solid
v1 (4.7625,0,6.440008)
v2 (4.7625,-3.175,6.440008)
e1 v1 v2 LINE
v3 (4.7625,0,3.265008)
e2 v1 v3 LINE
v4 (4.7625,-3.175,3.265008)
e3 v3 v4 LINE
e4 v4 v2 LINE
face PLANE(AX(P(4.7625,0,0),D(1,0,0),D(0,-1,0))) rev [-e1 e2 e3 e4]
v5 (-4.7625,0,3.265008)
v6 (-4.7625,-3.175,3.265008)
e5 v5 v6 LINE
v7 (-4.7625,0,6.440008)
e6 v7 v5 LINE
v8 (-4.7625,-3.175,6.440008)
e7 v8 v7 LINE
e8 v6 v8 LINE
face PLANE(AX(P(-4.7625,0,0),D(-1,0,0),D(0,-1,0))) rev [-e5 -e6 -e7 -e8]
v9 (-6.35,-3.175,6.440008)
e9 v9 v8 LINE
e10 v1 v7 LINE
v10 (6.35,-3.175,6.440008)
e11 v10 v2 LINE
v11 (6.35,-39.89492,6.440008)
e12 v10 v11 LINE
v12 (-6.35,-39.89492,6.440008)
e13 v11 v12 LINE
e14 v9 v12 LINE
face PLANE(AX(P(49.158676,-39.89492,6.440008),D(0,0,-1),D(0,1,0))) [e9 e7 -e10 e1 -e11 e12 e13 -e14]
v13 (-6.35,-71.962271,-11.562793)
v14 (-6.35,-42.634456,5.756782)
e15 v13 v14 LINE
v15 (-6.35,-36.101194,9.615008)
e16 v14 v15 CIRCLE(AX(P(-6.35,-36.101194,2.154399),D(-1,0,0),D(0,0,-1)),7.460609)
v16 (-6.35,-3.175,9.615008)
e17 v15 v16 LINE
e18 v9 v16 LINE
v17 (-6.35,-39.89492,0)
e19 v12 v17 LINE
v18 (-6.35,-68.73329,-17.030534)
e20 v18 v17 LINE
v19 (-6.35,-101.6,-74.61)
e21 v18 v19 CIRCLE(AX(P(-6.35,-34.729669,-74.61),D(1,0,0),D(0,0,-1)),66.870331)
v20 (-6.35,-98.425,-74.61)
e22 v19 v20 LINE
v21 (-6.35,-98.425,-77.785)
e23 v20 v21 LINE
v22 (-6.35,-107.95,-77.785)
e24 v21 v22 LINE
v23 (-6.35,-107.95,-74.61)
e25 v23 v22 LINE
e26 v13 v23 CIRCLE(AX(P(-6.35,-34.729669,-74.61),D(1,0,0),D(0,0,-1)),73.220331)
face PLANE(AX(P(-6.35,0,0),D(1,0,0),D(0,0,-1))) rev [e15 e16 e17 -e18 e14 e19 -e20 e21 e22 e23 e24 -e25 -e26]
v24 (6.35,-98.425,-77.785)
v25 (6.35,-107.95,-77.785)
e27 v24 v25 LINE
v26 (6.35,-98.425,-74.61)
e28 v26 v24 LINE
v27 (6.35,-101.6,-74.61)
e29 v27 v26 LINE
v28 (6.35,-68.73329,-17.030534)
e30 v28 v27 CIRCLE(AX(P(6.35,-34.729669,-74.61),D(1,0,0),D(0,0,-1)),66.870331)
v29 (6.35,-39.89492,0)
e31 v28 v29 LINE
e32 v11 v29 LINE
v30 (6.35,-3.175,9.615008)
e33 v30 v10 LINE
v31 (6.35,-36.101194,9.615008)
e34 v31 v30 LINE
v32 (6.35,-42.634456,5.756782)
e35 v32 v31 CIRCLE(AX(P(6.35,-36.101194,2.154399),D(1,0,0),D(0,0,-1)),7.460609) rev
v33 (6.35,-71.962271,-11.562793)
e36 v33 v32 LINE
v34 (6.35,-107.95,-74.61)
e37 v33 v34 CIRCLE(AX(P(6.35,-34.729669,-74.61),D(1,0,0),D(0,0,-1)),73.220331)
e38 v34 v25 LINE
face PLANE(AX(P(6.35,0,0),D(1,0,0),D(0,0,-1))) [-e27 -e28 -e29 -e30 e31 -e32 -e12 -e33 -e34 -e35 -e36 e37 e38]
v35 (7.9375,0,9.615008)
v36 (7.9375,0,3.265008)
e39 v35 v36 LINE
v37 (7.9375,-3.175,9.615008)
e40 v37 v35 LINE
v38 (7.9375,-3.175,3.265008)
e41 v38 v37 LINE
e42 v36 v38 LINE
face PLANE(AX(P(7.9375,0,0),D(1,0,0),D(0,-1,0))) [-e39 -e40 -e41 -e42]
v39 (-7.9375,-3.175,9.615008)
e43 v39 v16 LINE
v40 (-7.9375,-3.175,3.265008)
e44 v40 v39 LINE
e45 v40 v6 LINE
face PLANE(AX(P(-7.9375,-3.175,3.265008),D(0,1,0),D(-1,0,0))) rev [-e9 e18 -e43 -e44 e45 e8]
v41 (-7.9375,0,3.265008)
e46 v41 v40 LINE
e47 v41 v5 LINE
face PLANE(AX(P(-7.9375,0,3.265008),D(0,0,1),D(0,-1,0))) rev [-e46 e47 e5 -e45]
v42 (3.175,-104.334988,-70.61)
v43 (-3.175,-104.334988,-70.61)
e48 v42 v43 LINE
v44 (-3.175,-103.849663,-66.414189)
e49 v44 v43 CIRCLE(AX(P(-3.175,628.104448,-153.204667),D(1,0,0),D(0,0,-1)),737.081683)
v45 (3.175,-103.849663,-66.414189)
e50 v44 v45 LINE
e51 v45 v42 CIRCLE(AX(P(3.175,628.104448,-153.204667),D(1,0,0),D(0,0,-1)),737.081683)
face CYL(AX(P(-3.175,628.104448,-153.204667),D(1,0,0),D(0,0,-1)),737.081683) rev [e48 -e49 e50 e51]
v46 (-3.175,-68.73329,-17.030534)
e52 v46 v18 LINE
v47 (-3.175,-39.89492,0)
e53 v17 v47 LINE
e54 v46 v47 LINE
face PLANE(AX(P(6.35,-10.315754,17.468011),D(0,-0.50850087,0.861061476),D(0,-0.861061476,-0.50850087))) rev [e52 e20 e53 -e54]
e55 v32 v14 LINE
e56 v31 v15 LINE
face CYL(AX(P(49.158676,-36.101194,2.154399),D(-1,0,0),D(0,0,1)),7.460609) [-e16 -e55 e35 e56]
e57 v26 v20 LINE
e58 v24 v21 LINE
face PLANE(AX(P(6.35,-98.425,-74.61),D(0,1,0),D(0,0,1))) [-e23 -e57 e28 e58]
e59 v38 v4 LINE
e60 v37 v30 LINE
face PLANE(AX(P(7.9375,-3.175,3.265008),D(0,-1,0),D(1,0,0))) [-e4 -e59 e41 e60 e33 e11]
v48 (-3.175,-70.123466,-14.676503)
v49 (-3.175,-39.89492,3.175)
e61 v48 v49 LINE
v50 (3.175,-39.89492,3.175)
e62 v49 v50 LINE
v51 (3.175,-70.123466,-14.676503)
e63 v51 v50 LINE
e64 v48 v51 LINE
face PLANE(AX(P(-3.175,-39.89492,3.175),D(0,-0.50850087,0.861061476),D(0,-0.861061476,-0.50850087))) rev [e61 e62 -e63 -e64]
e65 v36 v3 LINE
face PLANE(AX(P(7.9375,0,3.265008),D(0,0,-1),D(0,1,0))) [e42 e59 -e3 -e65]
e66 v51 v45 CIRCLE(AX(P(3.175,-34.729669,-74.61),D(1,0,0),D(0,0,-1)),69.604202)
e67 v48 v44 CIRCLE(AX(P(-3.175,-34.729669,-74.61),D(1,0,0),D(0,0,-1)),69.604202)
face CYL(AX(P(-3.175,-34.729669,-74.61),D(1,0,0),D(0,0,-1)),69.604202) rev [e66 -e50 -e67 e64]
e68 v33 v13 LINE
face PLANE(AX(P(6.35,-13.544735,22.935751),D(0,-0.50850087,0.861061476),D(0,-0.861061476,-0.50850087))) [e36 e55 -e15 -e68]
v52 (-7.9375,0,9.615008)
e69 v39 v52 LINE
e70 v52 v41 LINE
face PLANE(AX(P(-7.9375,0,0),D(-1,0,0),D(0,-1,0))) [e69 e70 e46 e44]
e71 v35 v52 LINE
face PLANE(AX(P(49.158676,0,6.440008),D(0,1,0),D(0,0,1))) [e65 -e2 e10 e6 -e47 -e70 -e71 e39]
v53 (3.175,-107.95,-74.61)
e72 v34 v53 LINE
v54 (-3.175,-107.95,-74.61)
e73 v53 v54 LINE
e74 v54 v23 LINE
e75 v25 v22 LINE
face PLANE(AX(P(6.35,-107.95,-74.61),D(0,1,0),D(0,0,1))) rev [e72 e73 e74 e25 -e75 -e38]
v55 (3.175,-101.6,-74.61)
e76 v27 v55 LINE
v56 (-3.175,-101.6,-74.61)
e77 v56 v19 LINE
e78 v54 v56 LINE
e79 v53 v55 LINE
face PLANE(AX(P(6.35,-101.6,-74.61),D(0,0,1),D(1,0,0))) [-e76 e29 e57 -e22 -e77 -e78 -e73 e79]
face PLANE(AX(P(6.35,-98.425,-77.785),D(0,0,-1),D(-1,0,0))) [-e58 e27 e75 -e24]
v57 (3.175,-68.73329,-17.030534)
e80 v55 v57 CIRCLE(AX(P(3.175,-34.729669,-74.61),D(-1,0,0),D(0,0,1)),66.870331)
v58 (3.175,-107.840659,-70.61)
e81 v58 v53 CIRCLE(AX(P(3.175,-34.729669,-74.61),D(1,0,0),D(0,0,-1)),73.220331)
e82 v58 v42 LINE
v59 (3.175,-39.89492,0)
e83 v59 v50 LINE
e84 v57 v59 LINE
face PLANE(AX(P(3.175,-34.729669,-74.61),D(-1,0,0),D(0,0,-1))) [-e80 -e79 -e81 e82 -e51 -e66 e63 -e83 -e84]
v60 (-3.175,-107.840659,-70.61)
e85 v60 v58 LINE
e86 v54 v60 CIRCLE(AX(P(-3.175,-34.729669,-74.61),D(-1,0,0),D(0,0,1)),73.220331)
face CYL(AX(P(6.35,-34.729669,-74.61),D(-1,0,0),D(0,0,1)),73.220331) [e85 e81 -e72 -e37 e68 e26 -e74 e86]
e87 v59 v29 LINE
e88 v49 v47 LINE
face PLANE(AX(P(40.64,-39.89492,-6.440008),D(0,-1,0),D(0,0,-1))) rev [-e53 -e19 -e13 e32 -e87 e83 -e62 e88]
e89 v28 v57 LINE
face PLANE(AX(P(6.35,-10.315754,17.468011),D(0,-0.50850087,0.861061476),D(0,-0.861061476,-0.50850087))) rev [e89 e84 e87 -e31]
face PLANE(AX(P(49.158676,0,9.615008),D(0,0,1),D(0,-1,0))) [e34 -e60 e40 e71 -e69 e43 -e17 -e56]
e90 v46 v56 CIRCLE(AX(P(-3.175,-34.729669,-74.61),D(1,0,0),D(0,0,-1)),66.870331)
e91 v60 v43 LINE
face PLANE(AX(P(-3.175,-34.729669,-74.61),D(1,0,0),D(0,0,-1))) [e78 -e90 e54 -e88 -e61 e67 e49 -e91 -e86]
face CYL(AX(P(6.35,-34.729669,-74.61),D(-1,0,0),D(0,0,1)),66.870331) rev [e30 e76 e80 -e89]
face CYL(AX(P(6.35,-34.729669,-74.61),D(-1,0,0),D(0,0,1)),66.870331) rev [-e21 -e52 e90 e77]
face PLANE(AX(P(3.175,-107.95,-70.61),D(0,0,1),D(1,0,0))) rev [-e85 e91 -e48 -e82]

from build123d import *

# Parameters (mm, degrees)
SKETCH5_W           = 12.880016042
SKETCH5_H           = 15.834691301
CUT_EXTRUDE2_DEPTH  = 7.62
CUT_EXTRUDE6_REACH  = 62
SKETCH11_W          = 3.175
SKETCH11_H          = 3.175
BOSS_EXTRUDE1_DEPTH = 6.35
CUT_EXTRUDE4_DEPTH  = 3.175
CUT_EXTRUDE7_DEPTH  = 40.64
BOSS_EXTRUDE3_DEPTH = 12.7
SKETCH19_W          = 21.319602533
SKETCH19_H          = 36.10119369
CUT_EXTRUDE10_DEPTH = 13.7
SKETCH15_W          = 6.35
SKETCH15_H          = 3.175
BOSS_EXTRUDE2_DEPTH = 1.5875
SKETCH20_W          = 6.35
SKETCH20_H          = 4
CUT_EXTRUDE11_DEPTH = 108.95


with BuildPart() as part:
    # Sketch2 → Revolve1 (revolve)
    with BuildSketch(Plane(origin=(0, 0, 0), x_dir=(0, 0, -1), z_dir=(1, 0, 0))):
        Polygon((0, -50.8), (-29.999999944, 0), (0, 0), align=None)
    revolve(axis=Axis((0, 0, 0), (0, -1, 0)))

    # Sketch4 → Cut-Revolve1 (revolve, cut)
    with BuildSketch(Plane(origin=(0, 0, 0), x_dir=(0, 0, -1), z_dir=(1, 0, 0))):
        Polygon((0, -45.72), (-24.919999944, 0), (0, 0), align=None)
    revolve(axis=Axis((0, 16.11457811, 0), (0, -1, 0)), mode=Mode.SUBTRACT)

    # Sketch5 → Cut-Extrude2 (cut, symmetric)
    with BuildSketch(Plane(origin=(0, 0, 0), x_dir=(0, 0, -1), z_dir=(1, 0, 0))):
        with Locations((0, -47.812265381)):
            Rectangle(SKETCH5_W, SKETCH5_H)
    extrude(amount=CUT_EXTRUDE2_DEPTH, both=True, mode=Mode.SUBTRACT)

    # Sketch11 → Cut-Extrude6 (cut, up to next)
    with BuildSketch(Plane.XY.offset(29.999999944), mode=Mode.PRIVATE) as cut_extrude6_sk1:
        with Locations((4.7625, -1.5875)):
            Rectangle(SKETCH11_W, SKETCH11_H)
    cut_extrude6_tool1 = extrude(cut_extrude6_sk1.sketch, amount=-CUT_EXTRUDE6_REACH, mode=Mode.PRIVATE) & part.part
    add(cut_extrude6_tool1.solids().sort_by_distance((4.7625, -1.5875, 30))[0], mode=Mode.SUBTRACT)
    # Sketch11 → Cut-Extrude6 (cut, up to next)
    with BuildSketch(Plane.XY.offset(29.999999944), mode=Mode.PRIVATE) as cut_extrude6_sk2:
        with Locations((-4.7625, -1.5875)):
            Rectangle(SKETCH11_W, SKETCH11_H)
    cut_extrude6_tool2 = extrude(cut_extrude6_sk2.sketch, amount=-CUT_EXTRUDE6_REACH, mode=Mode.PRIVATE) & part.part
    add(cut_extrude6_tool2.solids().sort_by_distance((-4.7625, -1.5875, 30))[0], mode=Mode.SUBTRACT)

    # Sketch6 → Boss-Extrude1 (add, symmetric)
    with BuildSketch(Plane(origin=(0, 0, 0), x_dir=(0, 0, -1), z_dir=(1, 0, 0))):
        with BuildLine():
            Line((0, -39.89491973), (-7.374618631, -39.89491973))
            Line((-7.374618631, -39.89491973), (11.56279342, -71.962270863))
            ThreePointArc((11.56279342, -71.962270863), (29.890602823, -92.707185326), (54.61, -105.165575141))
            ThreePointArc((54.61, -105.165575141), (64.513552335, -107.250553005), (74.61, -107.95))
            Line((74.61, -107.95), (77.785, -107.95))
            Line((77.785, -107.95), (77.785, -98.425))
            Line((77.785, -98.425), (74.61, -98.425))
            Line((74.61, -98.425), (74.61, -101.6))
            ThreePointArc((74.61, -101.6), (41.460280796, -92.804941633), (17.03053379, -68.733290336))
            Line((17.03053379, -68.733290336), (0, -39.89491973))
        make_face()
        Polygon((-30.934610553, 0), (-7.374618631, -39.89491973), (0, -39.89491973), (-23.559991923, 0), align=None)
    extrude(amount=BOSS_EXTRUDE1_DEPTH, both=True)

    # Sketch7 → Cut-Extrude4 (cut)
    with BuildSketch(Plane(origin=(0, 0, 0), x_dir=(0, 0, -1), z_dir=(1, 0, 0))):
        with BuildLine():
            Line((-3.175, -39.89491973), (14.676503495, -70.123465704))
            ThreePointArc((14.676503495, -70.123465704), (36.599939349, -93.039017482), (66.414189392, -103.849662572))
            ThreePointArc((66.414189392, -103.849662572), (70.51080038, -104.32379518), (74.61, -104.775))
            Line((74.61, -104.775), (74.61, -101.6))
            ThreePointArc((74.61, -101.6), (59.345071166, -99.83437787), (44.886242604, -94.630749287))
            ThreePointArc((44.886242604, -94.630749287), (29.078331812, -83.704237641), (17.03053379, -68.733290336))
            Line((17.03053379, -68.733290336), (-23.559991923, 0))
            Line((-23.559991923, 0), (-26.734991923, 0))
            Line((-26.734991923, 0), (-3.175, -39.89491973))
        make_face()
    cut_extrude4 = extrude(amount=-CUT_EXTRUDE4_DEPTH, mode=Mode.SUBTRACT)

    # Mirror1: Cut-Extrude4 across plane
    add(cut_extrude4.mirror(Plane(origin=(0, 0, 0), x_dir=(0, 0, 1), z_dir=(1, 0, 0))), mode=Mode.SUBTRACT)

    # Sketch9 → Cut-Revolve2 (revolve, cut)
    with BuildSketch(Plane(origin=(0, 0, 0), x_dir=(0, 0, -1), z_dir=(1, 0, 0))):
        Polygon((0, 0), (-24.9199908, 0), (-0.536470716, -39.89491973), (0, -39.89491973), align=None)
    revolve(axis=Axis((0, 16.11457811, 0), (0, -1, 0)), mode=Mode.SUBTRACT)

    # Sketch12 → Cut-Extrude7 (cut, symmetric)
    with BuildSketch(Plane.ZY):
        Polygon((30, 0), (-61.025869449, 0), (-61.025869449, -39.89491973), (-6.440008021, -39.89491973), (6.44000802, -39.89491973), (27.945214206, -3.175), align=None)
    extrude(amount=CUT_EXTRUDE7_DEPTH, both=True, mode=Mode.SUBTRACT)

    # Sketch18 → Boss-Extrude3 (add)
    with BuildSketch(Plane.ZY.offset(6.35)):
        with BuildLine():
            Line((6.44000802, -39.89491973), (6.44000802, 0))
            Line((6.44000802, 0), (9.61500802, 0))
            Line((9.61500802, 0), (9.61500802, -34.473639686))
            Line((9.61500802, -34.473639686), (9.61500802, -36.10119369))
            ThreePointArc((9.61500802, -36.10119369), (8.57844205, -39.89491973), (5.756782033, -42.634456374))
            Line((5.756782033, -42.634456374), (6.44000802, -41.477527034))
            Line((6.44000802, -41.477527034), (6.44000802, -39.89491973))
        make_face()
    extrude(amount=-BOSS_EXTRUDE3_DEPTH)

    # Sketch19 → Cut-Extrude10 (cut, through all)
    with BuildSketch(Plane.ZY.offset(6.35)):
        with Locations((20.274809287, -18.050596845)):
            Rectangle(SKETCH19_W, SKETCH19_H)
    extrude(amount=-CUT_EXTRUDE10_DEPTH, mode=Mode.SUBTRACT)

    # Sketch15 → Boss-Extrude2 (add, symmetric)
    with BuildSketch(Plane.ZY.offset(6.35)):
        with Locations((6.44000802, -1.5875)):
            Rectangle(SKETCH15_W, SKETCH15_H)
    boss_extrude2 = extrude(amount=BOSS_EXTRUDE2_DEPTH, both=True)

    # Mirror2: Boss-Extrude2 across plane
    add(boss_extrude2.mirror(Plane(origin=(0, 0, 0), x_dir=(0, 0, 1), z_dir=(1, 0, 0))))

    # Sketch20 → Cut-Extrude11 (cut, through all)
    with BuildSketch(Plane(origin=(0, 0, 0), x_dir=(1, 0, 0), z_dir=(0, 1, 0))):
        with Locations((0, 72.61)):
            Rectangle(SKETCH20_W, SKETCH20_H)
    extrude(amount=-CUT_EXTRUDE11_DEPTH, mode=Mode.SUBTRACT)


solid = part.part
